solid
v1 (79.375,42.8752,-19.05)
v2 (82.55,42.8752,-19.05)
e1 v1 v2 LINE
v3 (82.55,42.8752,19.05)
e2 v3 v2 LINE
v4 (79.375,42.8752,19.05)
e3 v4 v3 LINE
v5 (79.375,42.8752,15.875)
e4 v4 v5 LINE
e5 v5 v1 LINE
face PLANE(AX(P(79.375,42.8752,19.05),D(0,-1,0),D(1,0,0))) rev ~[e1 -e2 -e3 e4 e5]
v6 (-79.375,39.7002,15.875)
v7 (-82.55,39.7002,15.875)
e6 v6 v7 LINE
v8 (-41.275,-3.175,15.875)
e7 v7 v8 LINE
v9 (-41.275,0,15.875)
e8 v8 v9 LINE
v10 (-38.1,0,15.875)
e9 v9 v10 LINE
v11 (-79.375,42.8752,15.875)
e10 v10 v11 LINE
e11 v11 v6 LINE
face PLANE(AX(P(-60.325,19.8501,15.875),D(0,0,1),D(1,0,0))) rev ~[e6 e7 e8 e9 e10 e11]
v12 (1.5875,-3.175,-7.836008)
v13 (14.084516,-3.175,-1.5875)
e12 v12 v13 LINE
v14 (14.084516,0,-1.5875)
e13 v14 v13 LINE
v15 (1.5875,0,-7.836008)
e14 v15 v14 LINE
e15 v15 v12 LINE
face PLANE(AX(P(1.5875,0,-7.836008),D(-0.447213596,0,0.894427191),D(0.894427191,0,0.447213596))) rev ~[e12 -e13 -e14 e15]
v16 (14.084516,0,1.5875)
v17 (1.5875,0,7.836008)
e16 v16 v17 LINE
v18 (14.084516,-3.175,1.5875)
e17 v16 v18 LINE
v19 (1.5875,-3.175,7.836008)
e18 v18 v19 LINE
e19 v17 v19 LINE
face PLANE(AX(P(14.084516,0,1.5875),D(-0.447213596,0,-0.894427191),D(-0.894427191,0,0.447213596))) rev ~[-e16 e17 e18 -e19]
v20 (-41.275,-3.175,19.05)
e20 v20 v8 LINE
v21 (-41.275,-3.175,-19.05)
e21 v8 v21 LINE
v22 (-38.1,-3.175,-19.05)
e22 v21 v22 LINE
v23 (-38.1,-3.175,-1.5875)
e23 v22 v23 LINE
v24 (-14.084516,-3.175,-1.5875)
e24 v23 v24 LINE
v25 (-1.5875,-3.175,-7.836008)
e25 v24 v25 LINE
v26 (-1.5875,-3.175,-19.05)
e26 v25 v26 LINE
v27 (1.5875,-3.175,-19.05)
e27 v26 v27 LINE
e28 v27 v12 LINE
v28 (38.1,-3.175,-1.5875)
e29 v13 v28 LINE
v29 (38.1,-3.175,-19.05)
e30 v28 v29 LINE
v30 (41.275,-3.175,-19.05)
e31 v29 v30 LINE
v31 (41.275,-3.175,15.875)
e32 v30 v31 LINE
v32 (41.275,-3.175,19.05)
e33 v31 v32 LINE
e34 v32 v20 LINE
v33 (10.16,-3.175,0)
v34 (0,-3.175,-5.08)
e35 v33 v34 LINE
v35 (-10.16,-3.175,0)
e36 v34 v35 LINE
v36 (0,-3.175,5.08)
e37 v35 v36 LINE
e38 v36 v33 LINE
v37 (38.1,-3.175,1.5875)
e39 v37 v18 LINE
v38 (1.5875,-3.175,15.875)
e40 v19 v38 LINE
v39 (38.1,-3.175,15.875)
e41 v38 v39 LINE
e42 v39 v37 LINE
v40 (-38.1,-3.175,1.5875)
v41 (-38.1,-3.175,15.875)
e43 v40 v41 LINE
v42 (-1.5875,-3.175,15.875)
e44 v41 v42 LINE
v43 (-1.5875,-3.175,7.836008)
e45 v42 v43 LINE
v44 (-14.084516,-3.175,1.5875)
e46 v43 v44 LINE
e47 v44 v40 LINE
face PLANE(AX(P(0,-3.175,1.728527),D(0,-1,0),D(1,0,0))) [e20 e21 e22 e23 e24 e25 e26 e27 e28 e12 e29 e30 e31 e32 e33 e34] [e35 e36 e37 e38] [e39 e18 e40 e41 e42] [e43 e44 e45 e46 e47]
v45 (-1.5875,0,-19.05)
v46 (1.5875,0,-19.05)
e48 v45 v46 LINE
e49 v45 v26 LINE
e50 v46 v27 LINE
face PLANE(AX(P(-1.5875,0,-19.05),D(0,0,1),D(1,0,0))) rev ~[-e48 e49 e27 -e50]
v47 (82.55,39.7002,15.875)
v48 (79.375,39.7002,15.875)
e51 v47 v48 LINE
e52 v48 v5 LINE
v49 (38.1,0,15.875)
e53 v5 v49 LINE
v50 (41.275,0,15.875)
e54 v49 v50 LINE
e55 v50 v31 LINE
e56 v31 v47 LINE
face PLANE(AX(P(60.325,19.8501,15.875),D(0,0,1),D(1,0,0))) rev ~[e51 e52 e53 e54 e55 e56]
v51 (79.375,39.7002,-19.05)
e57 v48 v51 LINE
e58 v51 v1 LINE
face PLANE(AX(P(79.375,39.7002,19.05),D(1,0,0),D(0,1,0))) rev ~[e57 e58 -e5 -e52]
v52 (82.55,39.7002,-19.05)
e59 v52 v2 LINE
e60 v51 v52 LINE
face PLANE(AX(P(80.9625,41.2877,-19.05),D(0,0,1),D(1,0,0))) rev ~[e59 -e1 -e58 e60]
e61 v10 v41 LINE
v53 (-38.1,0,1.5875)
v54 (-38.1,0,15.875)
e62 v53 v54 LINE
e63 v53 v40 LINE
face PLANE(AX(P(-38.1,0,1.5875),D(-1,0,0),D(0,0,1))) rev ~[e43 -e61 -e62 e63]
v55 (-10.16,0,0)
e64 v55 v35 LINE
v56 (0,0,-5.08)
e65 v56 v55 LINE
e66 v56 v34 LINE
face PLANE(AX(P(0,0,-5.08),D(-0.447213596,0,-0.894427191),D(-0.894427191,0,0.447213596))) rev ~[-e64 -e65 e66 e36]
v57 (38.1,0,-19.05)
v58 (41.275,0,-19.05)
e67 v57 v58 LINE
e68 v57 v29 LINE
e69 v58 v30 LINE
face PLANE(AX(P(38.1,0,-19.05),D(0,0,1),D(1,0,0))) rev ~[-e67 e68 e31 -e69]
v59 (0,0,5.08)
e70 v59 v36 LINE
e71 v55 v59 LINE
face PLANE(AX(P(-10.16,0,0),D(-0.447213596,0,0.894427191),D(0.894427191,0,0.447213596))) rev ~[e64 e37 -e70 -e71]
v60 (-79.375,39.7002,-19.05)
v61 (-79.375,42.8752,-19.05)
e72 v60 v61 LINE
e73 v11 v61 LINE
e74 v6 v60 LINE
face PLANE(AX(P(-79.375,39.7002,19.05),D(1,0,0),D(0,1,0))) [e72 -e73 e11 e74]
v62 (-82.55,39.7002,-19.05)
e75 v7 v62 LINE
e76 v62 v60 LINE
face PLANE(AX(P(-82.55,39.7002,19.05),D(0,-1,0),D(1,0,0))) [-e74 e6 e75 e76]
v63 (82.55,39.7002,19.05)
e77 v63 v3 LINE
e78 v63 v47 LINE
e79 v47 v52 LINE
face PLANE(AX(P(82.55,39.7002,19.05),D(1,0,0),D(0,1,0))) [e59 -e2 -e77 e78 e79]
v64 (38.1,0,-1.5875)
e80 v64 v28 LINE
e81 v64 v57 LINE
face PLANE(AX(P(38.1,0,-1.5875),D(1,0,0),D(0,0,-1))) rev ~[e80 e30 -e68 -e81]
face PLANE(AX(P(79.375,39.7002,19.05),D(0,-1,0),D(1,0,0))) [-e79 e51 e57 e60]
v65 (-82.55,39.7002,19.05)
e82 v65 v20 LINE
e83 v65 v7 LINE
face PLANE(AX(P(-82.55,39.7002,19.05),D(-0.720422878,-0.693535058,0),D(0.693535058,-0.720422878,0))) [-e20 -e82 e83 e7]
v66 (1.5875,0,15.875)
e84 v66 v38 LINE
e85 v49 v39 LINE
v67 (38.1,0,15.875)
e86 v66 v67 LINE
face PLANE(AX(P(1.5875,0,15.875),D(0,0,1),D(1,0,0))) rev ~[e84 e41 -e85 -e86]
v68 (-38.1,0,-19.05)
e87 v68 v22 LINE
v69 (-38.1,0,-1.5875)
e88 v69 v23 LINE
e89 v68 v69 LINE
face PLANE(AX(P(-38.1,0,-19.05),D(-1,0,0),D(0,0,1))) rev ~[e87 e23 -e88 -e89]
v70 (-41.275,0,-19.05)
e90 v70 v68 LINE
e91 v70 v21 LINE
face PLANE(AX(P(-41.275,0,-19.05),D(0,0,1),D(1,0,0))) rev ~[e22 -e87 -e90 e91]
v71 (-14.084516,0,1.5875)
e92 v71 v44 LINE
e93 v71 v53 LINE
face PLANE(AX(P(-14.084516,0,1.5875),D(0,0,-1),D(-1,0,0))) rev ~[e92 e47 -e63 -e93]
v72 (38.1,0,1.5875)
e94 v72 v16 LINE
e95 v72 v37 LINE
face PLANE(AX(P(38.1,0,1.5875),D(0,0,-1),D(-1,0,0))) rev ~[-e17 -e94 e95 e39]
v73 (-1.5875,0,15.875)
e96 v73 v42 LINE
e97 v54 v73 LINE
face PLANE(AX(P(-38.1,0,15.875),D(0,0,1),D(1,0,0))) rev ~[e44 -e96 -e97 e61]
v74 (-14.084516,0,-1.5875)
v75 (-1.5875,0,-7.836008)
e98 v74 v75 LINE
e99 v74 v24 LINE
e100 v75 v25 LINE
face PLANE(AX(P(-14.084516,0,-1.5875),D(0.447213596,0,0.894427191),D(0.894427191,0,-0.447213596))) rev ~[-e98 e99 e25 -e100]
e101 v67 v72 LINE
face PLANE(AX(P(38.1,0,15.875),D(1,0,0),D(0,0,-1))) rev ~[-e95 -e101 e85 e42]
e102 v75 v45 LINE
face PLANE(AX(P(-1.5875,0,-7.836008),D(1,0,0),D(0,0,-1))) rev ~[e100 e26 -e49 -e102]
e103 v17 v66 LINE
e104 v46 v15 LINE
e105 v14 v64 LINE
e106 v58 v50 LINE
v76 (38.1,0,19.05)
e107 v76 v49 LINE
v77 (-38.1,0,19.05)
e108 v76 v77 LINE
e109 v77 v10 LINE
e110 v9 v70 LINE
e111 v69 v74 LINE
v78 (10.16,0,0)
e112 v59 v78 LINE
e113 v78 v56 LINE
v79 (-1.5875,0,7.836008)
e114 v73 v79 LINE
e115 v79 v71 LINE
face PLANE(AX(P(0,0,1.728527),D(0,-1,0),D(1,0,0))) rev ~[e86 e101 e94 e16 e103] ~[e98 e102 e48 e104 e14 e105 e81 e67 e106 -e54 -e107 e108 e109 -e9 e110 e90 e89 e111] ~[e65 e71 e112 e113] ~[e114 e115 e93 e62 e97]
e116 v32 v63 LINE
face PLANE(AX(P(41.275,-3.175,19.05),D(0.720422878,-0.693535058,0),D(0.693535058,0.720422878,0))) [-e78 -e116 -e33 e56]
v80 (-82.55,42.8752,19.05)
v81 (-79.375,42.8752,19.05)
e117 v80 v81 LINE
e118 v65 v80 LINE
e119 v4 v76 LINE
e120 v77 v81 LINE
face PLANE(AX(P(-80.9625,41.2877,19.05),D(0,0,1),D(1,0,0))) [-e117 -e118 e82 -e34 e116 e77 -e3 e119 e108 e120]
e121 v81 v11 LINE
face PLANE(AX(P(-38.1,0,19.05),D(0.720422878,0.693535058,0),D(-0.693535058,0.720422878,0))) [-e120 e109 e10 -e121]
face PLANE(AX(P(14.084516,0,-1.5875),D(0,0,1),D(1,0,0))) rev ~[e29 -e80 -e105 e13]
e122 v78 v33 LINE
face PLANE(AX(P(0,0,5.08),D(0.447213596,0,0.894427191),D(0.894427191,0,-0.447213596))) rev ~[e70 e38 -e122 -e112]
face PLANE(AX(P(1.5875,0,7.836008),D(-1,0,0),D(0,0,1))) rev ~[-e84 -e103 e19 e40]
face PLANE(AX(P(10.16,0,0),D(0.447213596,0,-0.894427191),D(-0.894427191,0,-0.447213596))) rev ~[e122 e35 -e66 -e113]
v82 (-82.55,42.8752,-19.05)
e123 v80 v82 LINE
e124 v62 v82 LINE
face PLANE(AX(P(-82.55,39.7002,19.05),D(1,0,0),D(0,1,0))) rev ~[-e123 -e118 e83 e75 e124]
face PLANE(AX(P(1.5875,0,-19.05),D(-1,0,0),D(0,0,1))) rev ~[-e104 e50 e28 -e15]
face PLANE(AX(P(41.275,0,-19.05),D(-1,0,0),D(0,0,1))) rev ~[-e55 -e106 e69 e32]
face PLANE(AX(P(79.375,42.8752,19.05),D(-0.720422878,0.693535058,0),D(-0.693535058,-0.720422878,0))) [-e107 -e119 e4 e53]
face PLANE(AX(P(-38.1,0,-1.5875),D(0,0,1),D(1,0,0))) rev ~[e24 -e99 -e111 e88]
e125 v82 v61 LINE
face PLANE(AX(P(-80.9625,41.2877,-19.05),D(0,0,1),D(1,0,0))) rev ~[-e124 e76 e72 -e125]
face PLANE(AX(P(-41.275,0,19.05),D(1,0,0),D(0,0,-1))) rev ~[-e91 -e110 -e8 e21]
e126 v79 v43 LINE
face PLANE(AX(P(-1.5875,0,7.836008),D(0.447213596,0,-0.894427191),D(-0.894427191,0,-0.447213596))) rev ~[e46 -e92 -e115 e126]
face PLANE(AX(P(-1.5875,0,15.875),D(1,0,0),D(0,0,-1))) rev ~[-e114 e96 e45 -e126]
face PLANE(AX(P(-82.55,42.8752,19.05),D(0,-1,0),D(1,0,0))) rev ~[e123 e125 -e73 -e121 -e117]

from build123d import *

# Parameters (mm, degrees)
F1_DEPTH = 3.175
F3_DEPTH = 3.175
F4_W     = 3.175
F4_H     = 3.175
F5_DEPTH = 38.1


with BuildPart() as f1:
    # F0 (on Front) → F1 (new body)
    with BuildSketch(Plane.XZ):
        Polygon((41.275, -19.05), (41.275, 19.05), (-41.275, 19.05), (-41.275, -19.05), (-38.1, -19.05), (-38.1, -1.5875), (-14.0845158286, -1.5875), (-1.5875, -7.8360079143), (-1.5875, -19.05), (1.5875, -19.05), (1.5875, -7.8360079143), (14.0845158286, -1.5875), (38.1, -1.5875), (38.1, -19.05), align=None)
        Polygon((-38.1, 1.5875), (-38.1, 15.875), (-1.5875, 15.875), (-1.5875, 7.8360079143), (-14.0845158286, 1.5875), align=None, mode=Mode.SUBTRACT)
        Polygon((0, -5.08), (-10.16, 0), (0, 5.08), (10.16, 0), align=None, mode=Mode.SUBTRACT)
        Polygon((1.5875, 15.875), (38.1, 15.875), (38.1, 1.5875), (14.0845158286, 1.5875), (1.5875, 7.8360079143), align=None, mode=Mode.SUBTRACT)
    extrude(amount=F1_DEPTH)

    # F2 (on face) → F3 (join)
    with BuildSketch(Plane.XY.offset(19.05)):
        Polygon((-82.55, 39.7002), (-41.275, -3.175), (-41.275, 0), (-38.1, 0), (-79.375, 42.8752), (-79.375, 39.7002), align=None)
        Polygon((79.375, 42.8752), (38.1, 0), (41.275, 0), (41.275, -3.175), (82.55, 39.7002), (79.375, 39.7002), align=None)
    extrude(amount=-F3_DEPTH)

    # F4 (on face) → F5 (join)
    with BuildSketch(Plane.XY.offset(19.05)):
        with Locations((-80.9625, 41.2877)):
            Rectangle(F4_W, F4_H)
        with Locations((80.9625, 41.2877)):
            Rectangle(F4_W, F4_H)
    extrude(amount=-F5_DEPTH)


solid = f1.part
